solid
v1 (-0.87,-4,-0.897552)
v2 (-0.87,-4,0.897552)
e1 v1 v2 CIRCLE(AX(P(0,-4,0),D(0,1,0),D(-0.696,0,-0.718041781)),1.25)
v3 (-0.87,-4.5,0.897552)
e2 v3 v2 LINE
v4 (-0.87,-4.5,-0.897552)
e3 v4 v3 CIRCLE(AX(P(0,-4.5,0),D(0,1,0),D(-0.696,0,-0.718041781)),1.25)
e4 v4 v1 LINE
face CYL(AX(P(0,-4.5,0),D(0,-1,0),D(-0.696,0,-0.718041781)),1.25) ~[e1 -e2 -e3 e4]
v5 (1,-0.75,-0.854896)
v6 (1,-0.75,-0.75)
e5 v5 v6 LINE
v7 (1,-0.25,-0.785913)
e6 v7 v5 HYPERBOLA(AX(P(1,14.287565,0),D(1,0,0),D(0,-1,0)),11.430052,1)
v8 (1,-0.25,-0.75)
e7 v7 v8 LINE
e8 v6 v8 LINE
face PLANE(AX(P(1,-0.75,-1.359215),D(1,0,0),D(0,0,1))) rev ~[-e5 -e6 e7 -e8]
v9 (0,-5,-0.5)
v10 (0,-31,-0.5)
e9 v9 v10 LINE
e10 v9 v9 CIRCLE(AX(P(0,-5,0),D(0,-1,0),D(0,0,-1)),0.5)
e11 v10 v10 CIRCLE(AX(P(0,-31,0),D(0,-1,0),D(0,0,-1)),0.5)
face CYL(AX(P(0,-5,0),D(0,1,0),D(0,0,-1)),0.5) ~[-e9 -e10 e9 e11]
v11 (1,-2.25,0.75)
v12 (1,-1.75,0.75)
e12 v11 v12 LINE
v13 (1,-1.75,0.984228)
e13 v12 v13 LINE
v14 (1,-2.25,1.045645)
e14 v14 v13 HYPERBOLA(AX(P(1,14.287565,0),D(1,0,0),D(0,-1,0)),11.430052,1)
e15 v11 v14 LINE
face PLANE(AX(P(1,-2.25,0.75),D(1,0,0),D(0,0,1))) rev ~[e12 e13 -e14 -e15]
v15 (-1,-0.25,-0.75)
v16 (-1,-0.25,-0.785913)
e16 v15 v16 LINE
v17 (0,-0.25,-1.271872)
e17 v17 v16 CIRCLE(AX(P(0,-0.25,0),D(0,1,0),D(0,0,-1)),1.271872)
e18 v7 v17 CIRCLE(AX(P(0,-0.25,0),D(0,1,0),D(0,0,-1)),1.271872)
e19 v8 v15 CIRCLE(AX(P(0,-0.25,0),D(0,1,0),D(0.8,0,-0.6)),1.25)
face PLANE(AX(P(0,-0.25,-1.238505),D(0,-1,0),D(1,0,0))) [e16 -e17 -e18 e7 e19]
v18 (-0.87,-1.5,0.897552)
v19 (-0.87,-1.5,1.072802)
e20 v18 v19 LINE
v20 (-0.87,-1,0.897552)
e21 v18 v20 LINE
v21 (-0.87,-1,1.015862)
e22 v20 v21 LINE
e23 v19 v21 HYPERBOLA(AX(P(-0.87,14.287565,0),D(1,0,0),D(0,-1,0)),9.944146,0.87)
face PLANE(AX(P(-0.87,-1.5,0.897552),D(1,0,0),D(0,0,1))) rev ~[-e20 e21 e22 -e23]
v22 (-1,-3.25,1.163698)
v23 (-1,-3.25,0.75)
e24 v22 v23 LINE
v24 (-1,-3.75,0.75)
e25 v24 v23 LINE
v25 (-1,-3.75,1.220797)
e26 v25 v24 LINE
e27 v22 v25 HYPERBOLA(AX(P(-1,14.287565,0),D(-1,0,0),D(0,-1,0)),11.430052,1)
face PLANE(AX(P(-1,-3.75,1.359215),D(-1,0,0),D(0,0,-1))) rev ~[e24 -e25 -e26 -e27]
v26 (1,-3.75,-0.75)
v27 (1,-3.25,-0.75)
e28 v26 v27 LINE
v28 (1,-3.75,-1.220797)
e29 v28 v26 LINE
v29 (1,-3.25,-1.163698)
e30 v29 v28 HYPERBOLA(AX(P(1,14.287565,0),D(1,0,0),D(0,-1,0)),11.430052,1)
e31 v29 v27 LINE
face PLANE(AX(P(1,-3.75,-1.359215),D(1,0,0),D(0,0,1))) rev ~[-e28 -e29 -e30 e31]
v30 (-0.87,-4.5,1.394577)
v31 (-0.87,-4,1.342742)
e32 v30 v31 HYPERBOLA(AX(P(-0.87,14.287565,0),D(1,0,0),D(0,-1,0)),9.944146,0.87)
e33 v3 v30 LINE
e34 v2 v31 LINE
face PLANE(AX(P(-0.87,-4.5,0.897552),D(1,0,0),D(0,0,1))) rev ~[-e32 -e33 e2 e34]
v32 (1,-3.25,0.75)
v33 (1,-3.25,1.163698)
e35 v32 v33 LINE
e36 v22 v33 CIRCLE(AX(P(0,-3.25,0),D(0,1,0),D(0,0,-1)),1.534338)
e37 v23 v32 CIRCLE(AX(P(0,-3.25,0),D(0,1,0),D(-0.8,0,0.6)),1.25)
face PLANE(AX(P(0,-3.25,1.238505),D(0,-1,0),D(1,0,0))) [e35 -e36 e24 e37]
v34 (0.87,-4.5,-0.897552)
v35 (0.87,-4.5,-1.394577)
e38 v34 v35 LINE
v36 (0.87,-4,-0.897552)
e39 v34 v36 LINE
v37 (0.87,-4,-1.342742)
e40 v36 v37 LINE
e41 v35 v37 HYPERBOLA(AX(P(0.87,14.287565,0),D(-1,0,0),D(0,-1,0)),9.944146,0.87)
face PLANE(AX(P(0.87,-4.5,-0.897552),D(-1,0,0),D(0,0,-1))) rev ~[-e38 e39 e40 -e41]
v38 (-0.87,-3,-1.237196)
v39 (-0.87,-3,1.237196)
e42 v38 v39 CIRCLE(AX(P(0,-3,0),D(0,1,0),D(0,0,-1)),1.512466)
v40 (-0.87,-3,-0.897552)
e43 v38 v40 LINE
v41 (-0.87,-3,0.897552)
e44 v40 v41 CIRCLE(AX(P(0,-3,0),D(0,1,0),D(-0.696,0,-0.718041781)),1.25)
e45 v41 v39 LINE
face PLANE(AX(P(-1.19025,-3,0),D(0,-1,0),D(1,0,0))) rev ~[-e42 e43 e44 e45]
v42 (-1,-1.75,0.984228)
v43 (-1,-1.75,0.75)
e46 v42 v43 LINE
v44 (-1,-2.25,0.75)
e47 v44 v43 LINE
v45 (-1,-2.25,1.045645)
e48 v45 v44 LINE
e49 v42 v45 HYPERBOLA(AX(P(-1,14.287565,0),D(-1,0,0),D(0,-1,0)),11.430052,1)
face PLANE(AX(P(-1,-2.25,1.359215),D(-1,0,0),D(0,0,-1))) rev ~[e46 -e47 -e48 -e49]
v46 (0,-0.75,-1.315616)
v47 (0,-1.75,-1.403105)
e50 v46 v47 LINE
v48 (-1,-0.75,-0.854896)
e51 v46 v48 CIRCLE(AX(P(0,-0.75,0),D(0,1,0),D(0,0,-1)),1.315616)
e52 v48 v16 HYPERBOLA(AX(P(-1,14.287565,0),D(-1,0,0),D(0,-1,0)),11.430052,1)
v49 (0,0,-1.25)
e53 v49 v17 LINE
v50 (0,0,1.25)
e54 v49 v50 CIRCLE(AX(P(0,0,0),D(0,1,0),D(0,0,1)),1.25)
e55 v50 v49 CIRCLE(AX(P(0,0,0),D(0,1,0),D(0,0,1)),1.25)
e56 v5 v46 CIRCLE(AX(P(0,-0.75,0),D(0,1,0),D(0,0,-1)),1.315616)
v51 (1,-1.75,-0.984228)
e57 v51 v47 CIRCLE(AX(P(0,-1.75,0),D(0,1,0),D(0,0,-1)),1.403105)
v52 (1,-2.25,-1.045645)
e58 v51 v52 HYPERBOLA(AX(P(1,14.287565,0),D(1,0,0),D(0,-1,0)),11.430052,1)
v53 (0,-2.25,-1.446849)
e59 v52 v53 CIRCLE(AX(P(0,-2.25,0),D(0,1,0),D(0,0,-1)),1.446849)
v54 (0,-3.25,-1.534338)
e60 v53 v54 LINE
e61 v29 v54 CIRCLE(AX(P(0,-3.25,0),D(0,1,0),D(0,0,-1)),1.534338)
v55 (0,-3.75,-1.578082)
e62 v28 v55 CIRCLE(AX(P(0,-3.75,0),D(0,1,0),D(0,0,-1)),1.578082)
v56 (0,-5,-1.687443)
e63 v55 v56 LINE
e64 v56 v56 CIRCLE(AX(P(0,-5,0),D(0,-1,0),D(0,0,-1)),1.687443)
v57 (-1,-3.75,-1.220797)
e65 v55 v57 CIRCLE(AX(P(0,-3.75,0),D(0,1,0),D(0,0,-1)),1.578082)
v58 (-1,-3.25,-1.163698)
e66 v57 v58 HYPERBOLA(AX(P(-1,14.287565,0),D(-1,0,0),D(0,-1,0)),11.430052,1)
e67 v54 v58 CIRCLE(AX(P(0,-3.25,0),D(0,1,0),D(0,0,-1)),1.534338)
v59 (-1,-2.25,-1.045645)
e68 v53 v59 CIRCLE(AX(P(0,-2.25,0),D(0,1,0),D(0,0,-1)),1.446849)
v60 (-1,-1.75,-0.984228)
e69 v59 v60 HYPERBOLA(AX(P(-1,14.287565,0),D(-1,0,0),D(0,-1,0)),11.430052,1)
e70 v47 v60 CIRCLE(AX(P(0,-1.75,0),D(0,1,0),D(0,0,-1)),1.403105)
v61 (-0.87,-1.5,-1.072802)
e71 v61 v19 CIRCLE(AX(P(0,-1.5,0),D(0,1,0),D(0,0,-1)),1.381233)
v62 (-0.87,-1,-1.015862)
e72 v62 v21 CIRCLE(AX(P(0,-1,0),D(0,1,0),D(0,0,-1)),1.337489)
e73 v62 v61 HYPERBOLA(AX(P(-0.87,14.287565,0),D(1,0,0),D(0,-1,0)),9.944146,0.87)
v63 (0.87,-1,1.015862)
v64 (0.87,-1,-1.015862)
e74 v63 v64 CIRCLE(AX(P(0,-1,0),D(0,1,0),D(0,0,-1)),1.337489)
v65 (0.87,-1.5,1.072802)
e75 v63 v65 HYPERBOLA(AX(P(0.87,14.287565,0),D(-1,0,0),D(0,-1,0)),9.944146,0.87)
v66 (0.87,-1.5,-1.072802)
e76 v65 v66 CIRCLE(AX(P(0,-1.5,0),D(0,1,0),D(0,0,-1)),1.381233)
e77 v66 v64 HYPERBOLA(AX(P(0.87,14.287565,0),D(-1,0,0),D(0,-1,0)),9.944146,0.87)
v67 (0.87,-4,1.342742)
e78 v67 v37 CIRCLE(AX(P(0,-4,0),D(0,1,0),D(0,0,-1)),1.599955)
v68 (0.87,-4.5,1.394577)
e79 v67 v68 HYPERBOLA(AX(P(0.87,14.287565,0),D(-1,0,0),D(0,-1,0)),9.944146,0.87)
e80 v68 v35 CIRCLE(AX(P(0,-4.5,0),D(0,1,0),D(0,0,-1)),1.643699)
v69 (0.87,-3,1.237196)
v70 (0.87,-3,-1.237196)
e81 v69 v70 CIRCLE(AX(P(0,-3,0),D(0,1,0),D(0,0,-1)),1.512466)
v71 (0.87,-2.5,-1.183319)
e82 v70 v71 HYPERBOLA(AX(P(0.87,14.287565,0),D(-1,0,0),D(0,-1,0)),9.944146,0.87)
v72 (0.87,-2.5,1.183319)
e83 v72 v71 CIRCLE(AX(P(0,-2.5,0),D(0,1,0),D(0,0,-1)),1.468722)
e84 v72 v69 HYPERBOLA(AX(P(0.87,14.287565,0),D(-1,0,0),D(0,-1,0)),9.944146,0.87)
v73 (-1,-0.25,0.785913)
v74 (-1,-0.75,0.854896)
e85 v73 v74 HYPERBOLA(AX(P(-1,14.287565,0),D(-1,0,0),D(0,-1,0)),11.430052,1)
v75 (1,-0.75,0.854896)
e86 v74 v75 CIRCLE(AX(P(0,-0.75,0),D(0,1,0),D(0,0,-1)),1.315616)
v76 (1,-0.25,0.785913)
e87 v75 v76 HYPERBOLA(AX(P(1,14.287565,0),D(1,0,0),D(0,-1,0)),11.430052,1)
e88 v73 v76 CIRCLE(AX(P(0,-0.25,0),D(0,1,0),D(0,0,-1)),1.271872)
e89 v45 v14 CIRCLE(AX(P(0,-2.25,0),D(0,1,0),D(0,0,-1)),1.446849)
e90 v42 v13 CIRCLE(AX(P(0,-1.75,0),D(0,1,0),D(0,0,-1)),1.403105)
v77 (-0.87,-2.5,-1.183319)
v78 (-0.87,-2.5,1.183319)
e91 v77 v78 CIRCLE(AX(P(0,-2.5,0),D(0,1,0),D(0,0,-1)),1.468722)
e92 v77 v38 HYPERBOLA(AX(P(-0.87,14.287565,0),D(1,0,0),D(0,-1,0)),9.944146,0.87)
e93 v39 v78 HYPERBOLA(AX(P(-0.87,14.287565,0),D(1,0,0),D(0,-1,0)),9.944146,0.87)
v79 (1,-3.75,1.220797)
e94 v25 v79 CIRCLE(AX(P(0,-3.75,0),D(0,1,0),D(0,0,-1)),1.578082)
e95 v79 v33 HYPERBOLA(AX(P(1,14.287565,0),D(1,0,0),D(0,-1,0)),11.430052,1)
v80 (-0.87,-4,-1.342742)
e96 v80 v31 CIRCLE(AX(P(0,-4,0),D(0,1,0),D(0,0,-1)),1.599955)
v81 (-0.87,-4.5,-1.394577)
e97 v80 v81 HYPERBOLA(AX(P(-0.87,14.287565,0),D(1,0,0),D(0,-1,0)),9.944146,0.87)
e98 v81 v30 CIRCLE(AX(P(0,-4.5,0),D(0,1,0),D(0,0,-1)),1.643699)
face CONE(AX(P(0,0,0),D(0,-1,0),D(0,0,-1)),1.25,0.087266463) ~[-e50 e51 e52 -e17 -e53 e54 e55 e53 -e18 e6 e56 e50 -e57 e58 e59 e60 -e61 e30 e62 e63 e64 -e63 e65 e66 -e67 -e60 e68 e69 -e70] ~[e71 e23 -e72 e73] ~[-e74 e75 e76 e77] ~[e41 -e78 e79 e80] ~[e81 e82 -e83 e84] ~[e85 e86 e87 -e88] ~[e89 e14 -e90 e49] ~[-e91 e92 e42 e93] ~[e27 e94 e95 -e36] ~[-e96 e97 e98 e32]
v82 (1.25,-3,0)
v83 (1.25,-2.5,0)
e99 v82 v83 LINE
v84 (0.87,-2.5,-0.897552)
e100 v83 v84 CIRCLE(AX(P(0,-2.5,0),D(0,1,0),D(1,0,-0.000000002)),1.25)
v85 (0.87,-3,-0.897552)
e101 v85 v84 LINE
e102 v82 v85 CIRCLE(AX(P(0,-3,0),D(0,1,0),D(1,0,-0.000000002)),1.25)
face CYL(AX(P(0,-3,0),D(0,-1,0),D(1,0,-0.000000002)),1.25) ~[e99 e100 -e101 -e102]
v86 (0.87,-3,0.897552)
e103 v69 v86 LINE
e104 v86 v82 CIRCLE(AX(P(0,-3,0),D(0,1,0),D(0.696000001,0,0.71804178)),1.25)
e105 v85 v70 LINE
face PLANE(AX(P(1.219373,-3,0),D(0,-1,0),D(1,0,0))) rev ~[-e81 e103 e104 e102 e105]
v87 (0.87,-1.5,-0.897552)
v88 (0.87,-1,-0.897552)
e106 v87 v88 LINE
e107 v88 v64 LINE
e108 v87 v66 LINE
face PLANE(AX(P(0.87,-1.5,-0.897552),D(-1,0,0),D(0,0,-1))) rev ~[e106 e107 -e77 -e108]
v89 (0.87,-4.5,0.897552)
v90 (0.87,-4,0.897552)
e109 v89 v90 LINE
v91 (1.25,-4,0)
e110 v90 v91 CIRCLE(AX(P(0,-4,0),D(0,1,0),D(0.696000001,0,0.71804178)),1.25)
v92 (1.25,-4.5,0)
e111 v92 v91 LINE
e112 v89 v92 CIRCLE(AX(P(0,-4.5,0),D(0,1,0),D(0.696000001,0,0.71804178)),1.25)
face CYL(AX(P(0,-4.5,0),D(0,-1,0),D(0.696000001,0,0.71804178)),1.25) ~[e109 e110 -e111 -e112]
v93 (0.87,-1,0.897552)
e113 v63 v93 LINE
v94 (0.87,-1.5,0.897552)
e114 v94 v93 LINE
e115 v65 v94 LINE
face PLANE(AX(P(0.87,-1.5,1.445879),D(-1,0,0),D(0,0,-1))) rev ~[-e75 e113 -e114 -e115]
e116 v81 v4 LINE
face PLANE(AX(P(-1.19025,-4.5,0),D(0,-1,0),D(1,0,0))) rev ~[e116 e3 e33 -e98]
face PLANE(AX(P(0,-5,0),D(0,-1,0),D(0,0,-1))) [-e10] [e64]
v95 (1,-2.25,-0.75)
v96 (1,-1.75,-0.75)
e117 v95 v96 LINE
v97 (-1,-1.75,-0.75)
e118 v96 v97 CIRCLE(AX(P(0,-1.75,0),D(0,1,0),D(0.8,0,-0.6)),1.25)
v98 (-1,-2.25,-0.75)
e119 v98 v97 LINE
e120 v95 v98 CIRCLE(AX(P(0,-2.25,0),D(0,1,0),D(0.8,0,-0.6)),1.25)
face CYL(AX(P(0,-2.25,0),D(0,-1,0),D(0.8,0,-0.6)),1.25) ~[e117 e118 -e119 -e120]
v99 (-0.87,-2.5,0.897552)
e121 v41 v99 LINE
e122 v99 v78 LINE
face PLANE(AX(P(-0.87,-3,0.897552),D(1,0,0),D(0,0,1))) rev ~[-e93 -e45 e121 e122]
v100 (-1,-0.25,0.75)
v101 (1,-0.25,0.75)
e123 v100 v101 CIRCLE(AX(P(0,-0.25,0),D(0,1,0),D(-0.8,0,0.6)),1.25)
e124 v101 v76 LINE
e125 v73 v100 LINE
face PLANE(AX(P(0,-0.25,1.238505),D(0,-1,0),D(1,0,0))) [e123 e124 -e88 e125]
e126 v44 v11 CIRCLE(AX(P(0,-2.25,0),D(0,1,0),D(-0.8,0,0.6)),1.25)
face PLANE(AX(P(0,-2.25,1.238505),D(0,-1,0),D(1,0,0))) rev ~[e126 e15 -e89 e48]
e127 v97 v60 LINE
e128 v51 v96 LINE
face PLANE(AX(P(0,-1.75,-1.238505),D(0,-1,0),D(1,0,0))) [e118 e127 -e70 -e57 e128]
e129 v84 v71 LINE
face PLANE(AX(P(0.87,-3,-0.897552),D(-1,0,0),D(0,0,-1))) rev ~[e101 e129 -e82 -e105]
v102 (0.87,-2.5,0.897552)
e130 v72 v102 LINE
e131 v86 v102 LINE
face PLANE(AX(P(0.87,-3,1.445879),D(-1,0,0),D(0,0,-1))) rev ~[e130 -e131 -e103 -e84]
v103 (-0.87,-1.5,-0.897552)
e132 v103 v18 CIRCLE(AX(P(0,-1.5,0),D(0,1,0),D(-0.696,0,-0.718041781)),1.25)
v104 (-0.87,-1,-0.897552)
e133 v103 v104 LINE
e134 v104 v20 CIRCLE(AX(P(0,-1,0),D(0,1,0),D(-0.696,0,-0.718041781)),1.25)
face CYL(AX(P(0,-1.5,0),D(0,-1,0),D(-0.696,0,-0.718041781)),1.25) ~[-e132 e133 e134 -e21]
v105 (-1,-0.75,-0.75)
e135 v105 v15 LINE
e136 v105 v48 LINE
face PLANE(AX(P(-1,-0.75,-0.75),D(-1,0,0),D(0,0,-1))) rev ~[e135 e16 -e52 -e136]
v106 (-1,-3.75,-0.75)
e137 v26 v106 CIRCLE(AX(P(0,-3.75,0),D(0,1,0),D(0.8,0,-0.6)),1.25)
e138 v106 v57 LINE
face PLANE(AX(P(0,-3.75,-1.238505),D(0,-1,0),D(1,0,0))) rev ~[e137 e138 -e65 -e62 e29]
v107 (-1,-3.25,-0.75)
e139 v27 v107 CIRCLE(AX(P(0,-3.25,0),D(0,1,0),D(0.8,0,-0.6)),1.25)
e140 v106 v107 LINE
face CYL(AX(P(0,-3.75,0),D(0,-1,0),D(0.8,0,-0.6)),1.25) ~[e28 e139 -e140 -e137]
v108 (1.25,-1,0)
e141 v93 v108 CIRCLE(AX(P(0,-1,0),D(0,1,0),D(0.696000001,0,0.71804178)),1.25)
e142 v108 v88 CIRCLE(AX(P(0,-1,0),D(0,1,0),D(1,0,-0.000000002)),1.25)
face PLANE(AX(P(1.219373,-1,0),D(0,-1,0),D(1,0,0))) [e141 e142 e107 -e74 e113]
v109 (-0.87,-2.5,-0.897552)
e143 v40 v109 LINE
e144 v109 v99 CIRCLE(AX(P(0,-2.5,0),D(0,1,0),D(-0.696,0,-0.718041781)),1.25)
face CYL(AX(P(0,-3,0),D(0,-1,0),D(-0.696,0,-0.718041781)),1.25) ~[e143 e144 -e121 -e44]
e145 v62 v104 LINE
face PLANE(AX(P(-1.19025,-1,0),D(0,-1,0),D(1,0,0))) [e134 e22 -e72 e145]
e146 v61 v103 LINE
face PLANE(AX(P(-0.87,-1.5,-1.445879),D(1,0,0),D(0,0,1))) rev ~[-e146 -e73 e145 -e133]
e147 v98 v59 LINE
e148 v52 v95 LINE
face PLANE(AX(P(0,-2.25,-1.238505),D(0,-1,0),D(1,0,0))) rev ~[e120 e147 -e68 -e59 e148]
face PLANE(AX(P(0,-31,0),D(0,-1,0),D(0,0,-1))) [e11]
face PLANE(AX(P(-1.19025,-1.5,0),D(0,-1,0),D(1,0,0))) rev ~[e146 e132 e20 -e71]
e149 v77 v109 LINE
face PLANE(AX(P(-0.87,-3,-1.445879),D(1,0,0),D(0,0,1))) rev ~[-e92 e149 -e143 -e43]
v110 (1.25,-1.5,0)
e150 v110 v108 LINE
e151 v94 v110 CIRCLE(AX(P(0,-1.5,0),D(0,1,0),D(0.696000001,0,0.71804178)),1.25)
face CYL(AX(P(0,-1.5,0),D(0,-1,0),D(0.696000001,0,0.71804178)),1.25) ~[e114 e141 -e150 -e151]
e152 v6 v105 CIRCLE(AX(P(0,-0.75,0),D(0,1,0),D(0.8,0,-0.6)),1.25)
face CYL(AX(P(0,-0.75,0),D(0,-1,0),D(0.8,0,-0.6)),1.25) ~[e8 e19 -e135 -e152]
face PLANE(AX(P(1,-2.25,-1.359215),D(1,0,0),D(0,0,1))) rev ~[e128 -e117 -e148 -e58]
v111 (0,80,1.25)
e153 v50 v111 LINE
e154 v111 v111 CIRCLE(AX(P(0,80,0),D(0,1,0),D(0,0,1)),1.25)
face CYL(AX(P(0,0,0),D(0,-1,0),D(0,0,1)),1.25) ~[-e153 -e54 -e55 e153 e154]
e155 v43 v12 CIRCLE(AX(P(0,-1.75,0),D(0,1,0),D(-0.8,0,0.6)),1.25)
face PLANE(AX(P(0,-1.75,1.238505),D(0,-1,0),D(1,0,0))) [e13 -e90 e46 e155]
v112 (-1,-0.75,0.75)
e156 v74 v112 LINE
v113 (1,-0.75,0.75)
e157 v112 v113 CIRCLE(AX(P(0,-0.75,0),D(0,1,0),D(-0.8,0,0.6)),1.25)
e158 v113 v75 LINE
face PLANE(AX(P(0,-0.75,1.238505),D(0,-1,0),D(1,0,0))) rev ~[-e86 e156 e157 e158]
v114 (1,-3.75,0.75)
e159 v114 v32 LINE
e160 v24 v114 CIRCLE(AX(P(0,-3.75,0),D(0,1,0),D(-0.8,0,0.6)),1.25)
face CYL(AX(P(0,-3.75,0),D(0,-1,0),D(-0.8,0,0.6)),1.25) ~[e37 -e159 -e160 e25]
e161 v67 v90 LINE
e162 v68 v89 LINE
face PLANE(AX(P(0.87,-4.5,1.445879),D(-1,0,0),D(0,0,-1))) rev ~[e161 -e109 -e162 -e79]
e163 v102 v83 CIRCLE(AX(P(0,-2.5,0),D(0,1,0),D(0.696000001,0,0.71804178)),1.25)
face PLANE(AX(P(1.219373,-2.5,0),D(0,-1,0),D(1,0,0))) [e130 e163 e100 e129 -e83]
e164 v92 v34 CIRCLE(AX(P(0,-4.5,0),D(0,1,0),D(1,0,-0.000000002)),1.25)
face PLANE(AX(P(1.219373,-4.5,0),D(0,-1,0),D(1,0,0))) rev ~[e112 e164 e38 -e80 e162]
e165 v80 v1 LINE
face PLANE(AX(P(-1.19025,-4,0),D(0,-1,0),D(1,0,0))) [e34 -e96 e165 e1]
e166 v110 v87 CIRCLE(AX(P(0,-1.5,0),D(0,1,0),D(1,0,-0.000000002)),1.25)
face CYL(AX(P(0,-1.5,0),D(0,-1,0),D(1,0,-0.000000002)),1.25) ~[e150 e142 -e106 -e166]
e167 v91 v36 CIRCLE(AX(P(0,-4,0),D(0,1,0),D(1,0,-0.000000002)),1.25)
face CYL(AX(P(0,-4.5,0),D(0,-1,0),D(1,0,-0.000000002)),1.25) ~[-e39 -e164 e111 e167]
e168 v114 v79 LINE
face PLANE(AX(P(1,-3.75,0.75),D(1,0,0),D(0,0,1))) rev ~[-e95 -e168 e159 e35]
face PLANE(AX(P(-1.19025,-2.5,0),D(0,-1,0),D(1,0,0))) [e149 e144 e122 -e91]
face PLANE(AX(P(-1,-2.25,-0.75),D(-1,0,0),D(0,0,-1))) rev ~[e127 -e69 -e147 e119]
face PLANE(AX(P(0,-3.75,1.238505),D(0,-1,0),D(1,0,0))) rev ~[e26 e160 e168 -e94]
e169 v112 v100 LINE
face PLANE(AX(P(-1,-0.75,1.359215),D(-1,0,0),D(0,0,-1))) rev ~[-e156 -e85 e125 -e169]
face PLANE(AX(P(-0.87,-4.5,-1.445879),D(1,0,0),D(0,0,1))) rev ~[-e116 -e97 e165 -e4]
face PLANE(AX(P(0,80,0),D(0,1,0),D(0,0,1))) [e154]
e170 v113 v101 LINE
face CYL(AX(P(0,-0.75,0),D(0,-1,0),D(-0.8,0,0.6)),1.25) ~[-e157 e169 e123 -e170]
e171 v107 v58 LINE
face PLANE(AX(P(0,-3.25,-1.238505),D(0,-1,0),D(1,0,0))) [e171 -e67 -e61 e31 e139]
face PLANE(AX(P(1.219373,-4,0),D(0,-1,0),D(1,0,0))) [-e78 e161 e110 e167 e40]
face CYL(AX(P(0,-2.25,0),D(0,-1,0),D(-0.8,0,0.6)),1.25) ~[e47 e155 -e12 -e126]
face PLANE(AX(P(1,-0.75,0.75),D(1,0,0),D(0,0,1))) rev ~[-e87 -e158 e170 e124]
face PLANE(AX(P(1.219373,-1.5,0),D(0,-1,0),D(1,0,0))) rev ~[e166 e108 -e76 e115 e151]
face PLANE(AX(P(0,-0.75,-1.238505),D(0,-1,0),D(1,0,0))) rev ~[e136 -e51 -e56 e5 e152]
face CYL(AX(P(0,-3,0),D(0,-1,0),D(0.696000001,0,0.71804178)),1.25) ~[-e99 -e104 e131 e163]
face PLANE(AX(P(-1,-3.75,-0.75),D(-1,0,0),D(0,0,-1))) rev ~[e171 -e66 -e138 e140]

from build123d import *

# Parameters (mm, degrees)
SKETCH2_R           = 1.25
BOSS_EXTRUDE1_DEPTH = 80
SKETCH3_R           = 1.25
BOSS_EXTRUDE2_DEPTH = 5
BOSS_EXTRUDE2_DRAFT = -5
CUT_EXTRUDE3_START  = -0.5
CUT_EXTRUDE3_DEPTH  = 0.5
LPATTERN1_COUNT     = 3
LPATTERN1_PITCH     = 1.5
CUT_EXTRUDE4_START  = -1.25
CUT_EXTRUDE4_DEPTH  = 0.5
LPATTERN2_COUNT     = 3
LPATTERN2_PITCH     = 1.5
SKETCH7_R           = 0.5
BOSS_EXTRUDE3_DEPTH = 26


with BuildPart() as part:
    # Sketch2 → Boss-Extrude1 (new body)
    with BuildSketch(Plane(origin=(0, 0, 0), x_dir=(1, 0, 0), z_dir=(0, 1, 0))):
        with Locations(Location((0, 0, 0), (0, 0, 270))):
            Circle(SKETCH2_R)
    extrude(amount=BOSS_EXTRUDE1_DEPTH)


with BuildPart() as boss_extrude2_tool:
    # Sketch3 → Boss-Extrude2 (with draft: the straight prism first)
    with BuildSketch(Plane.XZ):
        with Locations(Location((0, 0, 0), (0, 0, 270))):
            Circle(SKETCH3_R)
    extrude(amount=BOSS_EXTRUDE2_DEPTH)
    # Boss-Extrude2: the draft: its side faces are tilted about the plane it starts from
    boss_extrude2_sides = [boss_extrude2_tool.faces().sort_by_distance(p)[0] for p in [
        (0, -2.5, 1.25),
    ]]
    draft(boss_extrude2_sides, Plane.XZ, BOSS_EXTRUDE2_DRAFT)


with BuildPart() as part_1:
    add(part.part)

    # Boss-Extrude2: add boss_extrude2_tool
    add(boss_extrude2_tool.part)

    # Sketch4 → Cut-Extrude3 (cut)
    with BuildSketch(Plane.XZ.offset(5).offset(CUT_EXTRUDE3_START)):
        with BuildLine():
            Line((-0.87, 0.897552227), (-0.87, 1.445878608))
            ThreePointArc((-0.87, 1.445878608), (-1.687443318, 0), (-0.87, -1.445878608))
            Line((-0.87, -1.445878608), (-0.87, -0.897552227))
            ThreePointArc((-0.87, -0.897552227), (-1.25, 0), (-0.87, 0.897552227))
        make_face()
        with BuildLine():
            ThreePointArc((1.687443318, 0), (1.468935097, 0.830478556), (0.87, 1.445878608))
            Line((0.87, 1.445878608), (0.87, 0.897552227))
            ThreePointArc((0.87, 0.897552227), (1.151086443, 0.487339717), (1.25, 0))
            ThreePointArc((1.25, 0), (1.151086443, -0.487339717), (0.87, -0.897552227))
            Line((0.87, -0.897552227), (0.87, -1.445878608))
            ThreePointArc((0.87, -1.445878608), (1.468935097, -0.830478556), (1.687443318, 0))
        make_face()
    cut_extrude3 = extrude(amount=-CUT_EXTRUDE3_DEPTH, mode=Mode.SUBTRACT)

    # LPattern1: Cut-Extrude3 ×3
    with Locations(*[(0, i * LPATTERN1_PITCH, 0) for i in range(1, LPATTERN1_COUNT)]):
        add(cut_extrude3, mode=Mode.SUBTRACT)

    # Sketch6 → Cut-Extrude4 (cut)
    with BuildSketch(Plane.XZ.offset(5).offset(CUT_EXTRUDE4_START)):
        with BuildLine():
            Line((-1, 1.359214829), (-1, 0.75))
            ThreePointArc((-1, 0.75), (0, 1.25), (1, 0.75))
            Line((1, 0.75), (1, 1.359214829))
            ThreePointArc((1, 1.359214829), (0, 1.687443318), (-1, 1.359214829))
        make_face()
        with BuildLine():
            ThreePointArc((1, -0.75), (0, -1.25), (-1, -0.75))
            Line((-1, -0.75), (-1, -1.359214829))
            ThreePointArc((-1, -1.359214829), (0, -1.687443318), (1, -1.359214829))
            Line((1, -1.359214829), (1, -0.75))
        make_face()
    cut_extrude4 = extrude(amount=-CUT_EXTRUDE4_DEPTH, mode=Mode.SUBTRACT)

    # LPattern2: Cut-Extrude4 ×3
    with Locations(*[(0, i * LPATTERN2_PITCH, 0) for i in range(1, LPATTERN2_COUNT)]):
        add(cut_extrude4, mode=Mode.SUBTRACT)

    # Sketch7 → Boss-Extrude3 (add)
    with BuildSketch(Plane.XZ.offset(5)):
        with Locations(Location((0, 0, 0), (0, 0, 270))):
            Circle(SKETCH7_R)
    extrude(amount=BOSS_EXTRUDE3_DEPTH)


solid = part_1.part
